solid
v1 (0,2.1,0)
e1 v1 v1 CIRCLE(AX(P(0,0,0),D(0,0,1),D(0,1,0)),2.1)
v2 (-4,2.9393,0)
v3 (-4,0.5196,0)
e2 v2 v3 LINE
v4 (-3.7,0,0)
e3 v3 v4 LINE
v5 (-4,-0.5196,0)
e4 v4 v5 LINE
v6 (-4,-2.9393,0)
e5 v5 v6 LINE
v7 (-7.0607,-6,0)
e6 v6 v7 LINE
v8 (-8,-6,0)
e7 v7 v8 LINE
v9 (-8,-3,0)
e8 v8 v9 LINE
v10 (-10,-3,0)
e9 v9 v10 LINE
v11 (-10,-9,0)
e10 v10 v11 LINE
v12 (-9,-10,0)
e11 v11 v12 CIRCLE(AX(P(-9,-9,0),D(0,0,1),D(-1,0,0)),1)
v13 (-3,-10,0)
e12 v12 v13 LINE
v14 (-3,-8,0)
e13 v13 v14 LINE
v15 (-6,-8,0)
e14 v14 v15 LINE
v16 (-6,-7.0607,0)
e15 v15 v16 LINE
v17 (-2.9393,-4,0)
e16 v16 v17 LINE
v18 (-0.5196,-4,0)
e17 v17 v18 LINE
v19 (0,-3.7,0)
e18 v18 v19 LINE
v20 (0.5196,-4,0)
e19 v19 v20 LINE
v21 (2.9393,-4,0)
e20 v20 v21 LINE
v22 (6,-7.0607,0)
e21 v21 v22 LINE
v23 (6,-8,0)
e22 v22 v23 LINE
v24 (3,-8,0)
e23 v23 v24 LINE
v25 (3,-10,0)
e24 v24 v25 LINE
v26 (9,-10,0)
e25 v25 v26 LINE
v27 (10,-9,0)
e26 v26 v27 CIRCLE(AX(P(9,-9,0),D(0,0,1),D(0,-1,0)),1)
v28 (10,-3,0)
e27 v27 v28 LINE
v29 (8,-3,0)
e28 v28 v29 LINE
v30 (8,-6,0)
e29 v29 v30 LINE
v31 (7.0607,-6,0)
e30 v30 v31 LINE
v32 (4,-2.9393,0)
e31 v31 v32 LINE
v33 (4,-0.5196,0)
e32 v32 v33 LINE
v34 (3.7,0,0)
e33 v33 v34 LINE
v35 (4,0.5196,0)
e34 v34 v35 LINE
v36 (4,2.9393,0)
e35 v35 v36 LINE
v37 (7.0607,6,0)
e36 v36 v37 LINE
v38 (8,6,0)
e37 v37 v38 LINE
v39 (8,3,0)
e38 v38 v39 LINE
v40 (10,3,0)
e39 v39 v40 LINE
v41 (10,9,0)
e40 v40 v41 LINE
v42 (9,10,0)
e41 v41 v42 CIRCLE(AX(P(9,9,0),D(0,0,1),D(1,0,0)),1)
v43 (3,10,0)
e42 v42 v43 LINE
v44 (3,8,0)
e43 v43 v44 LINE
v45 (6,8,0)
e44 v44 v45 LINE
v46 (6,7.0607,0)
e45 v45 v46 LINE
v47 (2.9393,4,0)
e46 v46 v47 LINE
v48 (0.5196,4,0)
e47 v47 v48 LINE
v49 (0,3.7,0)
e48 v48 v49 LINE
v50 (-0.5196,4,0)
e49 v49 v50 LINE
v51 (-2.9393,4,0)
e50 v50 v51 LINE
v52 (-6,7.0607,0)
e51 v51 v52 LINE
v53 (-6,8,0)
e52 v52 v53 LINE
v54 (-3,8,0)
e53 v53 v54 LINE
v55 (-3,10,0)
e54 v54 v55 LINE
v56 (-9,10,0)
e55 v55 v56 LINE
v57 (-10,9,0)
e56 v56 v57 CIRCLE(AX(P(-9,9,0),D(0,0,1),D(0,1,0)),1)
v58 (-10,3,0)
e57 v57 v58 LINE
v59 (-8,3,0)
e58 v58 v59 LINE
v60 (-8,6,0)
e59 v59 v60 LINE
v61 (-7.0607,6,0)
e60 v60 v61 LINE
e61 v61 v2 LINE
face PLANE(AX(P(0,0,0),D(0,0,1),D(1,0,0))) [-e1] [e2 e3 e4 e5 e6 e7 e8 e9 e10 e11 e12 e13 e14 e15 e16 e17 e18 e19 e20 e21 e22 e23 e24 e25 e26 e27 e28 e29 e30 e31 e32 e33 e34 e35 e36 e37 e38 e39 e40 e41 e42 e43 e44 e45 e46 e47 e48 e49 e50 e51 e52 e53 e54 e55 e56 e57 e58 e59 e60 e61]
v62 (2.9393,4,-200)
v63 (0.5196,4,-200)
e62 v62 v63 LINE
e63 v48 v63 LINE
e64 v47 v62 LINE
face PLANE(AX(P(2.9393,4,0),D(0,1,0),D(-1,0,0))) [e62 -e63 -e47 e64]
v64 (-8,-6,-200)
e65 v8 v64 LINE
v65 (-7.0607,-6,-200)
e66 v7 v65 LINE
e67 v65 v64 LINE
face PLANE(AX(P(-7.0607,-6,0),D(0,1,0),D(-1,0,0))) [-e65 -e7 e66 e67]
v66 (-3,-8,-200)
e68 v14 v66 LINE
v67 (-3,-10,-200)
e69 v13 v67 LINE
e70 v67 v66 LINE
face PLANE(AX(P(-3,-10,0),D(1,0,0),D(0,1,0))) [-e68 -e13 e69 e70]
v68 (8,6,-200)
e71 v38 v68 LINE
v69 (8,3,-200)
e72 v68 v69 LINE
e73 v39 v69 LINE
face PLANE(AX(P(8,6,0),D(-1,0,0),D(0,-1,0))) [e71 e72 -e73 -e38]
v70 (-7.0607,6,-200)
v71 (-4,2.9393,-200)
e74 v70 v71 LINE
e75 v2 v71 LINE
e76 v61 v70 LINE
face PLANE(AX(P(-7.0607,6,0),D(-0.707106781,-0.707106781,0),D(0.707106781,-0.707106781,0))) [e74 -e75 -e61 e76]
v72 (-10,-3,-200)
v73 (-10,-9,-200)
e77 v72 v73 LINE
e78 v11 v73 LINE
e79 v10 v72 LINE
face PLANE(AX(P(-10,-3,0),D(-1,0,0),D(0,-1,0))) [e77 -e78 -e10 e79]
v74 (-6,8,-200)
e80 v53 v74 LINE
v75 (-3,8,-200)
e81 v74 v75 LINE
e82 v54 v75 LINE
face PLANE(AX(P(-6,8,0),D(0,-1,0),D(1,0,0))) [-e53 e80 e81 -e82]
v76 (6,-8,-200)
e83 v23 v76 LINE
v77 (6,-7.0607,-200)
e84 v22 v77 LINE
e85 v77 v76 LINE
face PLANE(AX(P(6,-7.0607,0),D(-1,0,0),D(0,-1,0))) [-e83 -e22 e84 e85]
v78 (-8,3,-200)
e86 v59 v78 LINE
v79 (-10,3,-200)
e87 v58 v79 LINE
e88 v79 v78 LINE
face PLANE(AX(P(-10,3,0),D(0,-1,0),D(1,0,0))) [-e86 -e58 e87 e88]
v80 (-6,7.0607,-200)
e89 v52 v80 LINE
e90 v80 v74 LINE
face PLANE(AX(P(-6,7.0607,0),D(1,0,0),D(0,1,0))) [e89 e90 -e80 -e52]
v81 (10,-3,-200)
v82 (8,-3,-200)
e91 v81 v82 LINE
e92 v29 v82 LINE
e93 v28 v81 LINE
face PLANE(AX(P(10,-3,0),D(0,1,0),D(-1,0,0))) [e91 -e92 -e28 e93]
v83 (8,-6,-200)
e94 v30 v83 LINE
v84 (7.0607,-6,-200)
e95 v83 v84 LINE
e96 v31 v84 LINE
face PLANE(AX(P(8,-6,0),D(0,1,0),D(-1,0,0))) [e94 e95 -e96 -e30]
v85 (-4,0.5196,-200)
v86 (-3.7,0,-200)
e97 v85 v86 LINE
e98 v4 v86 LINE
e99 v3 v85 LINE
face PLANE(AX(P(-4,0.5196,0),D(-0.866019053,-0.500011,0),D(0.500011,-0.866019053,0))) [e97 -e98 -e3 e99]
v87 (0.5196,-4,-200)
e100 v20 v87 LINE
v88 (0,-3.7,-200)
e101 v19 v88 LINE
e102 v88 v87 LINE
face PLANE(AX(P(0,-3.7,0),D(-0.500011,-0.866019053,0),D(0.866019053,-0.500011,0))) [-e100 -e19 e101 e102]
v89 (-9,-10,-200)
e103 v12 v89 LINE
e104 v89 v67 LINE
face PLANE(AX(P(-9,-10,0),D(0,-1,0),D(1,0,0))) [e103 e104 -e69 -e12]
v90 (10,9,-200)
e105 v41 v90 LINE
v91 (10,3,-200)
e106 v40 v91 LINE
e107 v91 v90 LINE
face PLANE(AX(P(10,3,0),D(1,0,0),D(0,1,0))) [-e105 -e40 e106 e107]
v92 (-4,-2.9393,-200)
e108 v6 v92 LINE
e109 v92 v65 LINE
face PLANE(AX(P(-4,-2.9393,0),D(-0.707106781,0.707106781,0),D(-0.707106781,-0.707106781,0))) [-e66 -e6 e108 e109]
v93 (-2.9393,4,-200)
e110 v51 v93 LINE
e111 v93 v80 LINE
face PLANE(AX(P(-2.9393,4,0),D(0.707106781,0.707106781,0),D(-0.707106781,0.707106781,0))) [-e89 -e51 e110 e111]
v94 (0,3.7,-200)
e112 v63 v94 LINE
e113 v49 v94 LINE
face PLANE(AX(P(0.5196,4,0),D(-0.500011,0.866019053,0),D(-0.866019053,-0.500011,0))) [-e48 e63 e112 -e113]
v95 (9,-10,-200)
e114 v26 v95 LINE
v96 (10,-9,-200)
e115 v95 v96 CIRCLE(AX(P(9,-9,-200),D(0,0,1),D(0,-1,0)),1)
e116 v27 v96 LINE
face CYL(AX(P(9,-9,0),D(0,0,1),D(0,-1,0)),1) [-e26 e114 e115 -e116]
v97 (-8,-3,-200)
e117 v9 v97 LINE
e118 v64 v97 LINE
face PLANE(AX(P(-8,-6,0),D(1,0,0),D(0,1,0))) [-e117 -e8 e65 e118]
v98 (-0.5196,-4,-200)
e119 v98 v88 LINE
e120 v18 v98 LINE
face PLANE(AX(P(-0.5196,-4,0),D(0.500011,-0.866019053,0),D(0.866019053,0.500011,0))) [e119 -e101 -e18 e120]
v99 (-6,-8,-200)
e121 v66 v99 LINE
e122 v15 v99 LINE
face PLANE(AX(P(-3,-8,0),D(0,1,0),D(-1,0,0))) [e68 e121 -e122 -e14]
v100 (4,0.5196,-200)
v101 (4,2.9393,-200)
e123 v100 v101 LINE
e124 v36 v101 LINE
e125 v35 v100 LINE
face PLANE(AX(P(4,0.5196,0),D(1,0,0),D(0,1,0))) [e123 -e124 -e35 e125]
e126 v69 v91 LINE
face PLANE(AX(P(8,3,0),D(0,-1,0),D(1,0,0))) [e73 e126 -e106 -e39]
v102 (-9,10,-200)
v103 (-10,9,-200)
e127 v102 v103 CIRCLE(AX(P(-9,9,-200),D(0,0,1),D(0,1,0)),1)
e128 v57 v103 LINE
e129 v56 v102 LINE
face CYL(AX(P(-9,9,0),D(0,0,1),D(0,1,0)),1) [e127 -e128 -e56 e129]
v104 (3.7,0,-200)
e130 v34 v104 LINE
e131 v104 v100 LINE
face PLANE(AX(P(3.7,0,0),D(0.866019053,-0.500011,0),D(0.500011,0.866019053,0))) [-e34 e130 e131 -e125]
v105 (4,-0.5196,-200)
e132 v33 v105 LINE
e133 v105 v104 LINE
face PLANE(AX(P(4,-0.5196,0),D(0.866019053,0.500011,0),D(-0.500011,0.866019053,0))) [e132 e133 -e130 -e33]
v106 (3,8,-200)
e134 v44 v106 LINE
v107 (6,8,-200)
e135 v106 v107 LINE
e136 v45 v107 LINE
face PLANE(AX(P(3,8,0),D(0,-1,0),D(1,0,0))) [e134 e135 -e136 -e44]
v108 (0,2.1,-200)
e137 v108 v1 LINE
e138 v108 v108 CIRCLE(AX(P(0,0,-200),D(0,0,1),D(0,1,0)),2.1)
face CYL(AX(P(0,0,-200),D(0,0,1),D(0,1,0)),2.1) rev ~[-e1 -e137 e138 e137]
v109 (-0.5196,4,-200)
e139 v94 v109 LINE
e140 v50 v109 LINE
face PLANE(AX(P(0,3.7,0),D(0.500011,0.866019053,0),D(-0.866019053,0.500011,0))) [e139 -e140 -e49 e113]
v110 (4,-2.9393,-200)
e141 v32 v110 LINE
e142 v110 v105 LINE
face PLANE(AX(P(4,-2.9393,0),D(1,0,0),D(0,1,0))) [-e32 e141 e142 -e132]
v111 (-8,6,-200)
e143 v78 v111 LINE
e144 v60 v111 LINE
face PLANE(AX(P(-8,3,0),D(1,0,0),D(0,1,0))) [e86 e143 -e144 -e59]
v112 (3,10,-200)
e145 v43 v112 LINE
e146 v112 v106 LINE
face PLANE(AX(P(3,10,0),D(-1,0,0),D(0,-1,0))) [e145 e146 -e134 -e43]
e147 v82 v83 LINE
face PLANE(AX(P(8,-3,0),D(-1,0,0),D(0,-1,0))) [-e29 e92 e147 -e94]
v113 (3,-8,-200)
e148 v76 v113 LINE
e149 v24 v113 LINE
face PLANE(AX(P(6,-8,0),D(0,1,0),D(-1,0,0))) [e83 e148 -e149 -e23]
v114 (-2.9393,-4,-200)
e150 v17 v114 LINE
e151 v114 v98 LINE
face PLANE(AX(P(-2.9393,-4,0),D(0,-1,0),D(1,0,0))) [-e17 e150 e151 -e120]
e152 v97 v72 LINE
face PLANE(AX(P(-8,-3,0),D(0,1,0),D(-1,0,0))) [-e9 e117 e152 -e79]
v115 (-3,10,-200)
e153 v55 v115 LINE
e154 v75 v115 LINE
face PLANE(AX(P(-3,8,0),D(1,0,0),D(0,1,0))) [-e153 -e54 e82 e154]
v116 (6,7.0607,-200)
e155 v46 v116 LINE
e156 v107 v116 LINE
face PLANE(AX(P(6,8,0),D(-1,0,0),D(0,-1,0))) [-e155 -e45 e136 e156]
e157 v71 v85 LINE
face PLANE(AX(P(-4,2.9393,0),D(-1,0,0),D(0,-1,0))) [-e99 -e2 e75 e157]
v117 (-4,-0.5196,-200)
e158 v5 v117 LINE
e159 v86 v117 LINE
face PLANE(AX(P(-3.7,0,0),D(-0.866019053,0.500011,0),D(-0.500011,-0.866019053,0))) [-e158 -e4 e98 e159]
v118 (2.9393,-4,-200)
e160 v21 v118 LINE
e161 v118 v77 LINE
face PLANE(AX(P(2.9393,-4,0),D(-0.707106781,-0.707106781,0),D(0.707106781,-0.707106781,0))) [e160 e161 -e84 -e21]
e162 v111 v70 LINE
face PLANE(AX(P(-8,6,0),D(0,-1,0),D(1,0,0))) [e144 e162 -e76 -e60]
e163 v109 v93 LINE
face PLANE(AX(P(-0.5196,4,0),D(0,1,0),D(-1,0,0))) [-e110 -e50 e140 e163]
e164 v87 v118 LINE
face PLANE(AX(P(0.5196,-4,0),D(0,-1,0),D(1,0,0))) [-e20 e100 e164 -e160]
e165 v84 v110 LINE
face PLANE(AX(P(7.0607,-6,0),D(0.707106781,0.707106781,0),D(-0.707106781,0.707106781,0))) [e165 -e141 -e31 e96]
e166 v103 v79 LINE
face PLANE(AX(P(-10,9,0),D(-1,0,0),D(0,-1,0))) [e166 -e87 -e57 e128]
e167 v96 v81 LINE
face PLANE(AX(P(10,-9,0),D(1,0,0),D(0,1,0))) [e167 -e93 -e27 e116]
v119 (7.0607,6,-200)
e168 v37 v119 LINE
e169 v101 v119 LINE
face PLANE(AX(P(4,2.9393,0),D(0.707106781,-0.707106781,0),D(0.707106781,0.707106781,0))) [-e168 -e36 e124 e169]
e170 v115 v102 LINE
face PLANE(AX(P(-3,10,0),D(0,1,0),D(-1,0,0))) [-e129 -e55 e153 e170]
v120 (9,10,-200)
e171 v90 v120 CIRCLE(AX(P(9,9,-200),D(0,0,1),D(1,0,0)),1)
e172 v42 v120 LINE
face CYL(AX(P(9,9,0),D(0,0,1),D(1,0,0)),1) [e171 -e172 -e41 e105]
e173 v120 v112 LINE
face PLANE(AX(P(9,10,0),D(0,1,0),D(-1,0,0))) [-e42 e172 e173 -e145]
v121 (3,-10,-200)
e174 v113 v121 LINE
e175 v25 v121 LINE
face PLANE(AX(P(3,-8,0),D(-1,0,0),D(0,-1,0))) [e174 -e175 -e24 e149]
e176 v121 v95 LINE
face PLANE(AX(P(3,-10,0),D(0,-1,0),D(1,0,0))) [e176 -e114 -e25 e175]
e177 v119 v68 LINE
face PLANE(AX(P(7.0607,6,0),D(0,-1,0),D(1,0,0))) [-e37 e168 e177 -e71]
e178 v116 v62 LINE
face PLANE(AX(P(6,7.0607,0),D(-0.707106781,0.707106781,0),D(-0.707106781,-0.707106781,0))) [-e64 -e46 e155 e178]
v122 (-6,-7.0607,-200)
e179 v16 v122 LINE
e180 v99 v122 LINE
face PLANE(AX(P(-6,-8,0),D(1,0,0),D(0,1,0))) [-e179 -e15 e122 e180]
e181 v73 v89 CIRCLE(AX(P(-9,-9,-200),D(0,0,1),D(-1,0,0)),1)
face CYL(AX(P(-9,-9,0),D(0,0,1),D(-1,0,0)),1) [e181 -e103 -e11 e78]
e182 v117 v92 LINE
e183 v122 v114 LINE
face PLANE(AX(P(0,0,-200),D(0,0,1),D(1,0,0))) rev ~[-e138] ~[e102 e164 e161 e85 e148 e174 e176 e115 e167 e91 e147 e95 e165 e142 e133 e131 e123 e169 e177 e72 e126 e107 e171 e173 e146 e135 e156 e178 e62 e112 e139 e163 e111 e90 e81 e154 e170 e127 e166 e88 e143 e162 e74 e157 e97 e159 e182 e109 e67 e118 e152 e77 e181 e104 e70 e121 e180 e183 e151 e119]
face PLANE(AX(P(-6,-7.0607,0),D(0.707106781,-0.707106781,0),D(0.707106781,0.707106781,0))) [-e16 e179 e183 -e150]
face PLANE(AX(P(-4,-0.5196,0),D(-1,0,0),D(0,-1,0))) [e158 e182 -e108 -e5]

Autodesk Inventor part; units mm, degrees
sketch "Sketch_1" plane through (0, 0, 0) normal (0, 0, 1) x (1, 0, 0)
  line L0 (-10, -3) -> (-10, -9)
  arc A0 (-10, -9) -> (-9, -10) centre (-9, -9) ccw
  line L1 (-9, -10) -> (-3, -10)
  line L2 (-3, -10) -> (-3, -8)
  line L3 (-3, -8) -> (-6, -8)
  line L4 (-6, -8) -> (-6, -7.0607)
  line L5 (-6, -7.0607) -> (-2.9393, -4)
  line L6 (-2.9393, -4) -> (-0.5196, -4)
  line L7 (-0.5196, -4) -> (0, -3.7)
  line L8 (0, -3.7) -> (0.5196, -4)
  line L9 (0.5196, -4) -> (2.9393, -4)
  line L10 (2.9393, -4) -> (6, -7.0607)
  line L11 (6, -7.0607) -> (6, -8)
  line L12 (6, -8) -> (3, -8)
  line L13 (3, -8) -> (3, -10)
  line L14 (3, -10) -> (9, -10)
  arc A1 (9, -10) -> (10, -9) centre (9, -9) ccw
  line L15 (10, -9) -> (10, -3)
  line L16 (10, -3) -> (8, -3)
  line L17 (8, -3) -> (8, -6)
  line L18 (8, -6) -> (7.0607, -6)
  line L19 (7.0607, -6) -> (4, -2.9393)
  line L20 (4, -2.9393) -> (4, -0.5196)
  line L21 (4, -0.5196) -> (3.7, 0)
  line L22 (3.7, 0) -> (4, 0.5196)
  line L23 (4, 0.5196) -> (4, 2.9393)
  line L24 (4, 2.9393) -> (7.0607, 6)
  line L25 (7.0607, 6) -> (8, 6)
  line L26 (8, 6) -> (8, 3)
  line L27 (8, 3) -> (10, 3)
  line L28 (10, 3) -> (10, 9)
  arc A2 (10, 9) -> (9, 10) centre (9, 9) ccw
  line L29 (9, 10) -> (3, 10)
  line L30 (3, 10) -> (3, 8)
  line L31 (3, 8) -> (6, 8)
  line L32 (6, 8) -> (6, 7.0607)
  line L33 (6, 7.0607) -> (2.9393, 4)
  line L34 (2.9393, 4) -> (0.5196, 4)
  line L35 (0.5196, 4) -> (0, 3.7)
  line L36 (0, 3.7) -> (-0.5196, 4)
  line L37 (-0.5196, 4) -> (-2.9393, 4)
  line L38 (-2.9393, 4) -> (-6, 7.0607)
  line L39 (-6, 7.0607) -> (-6, 8)
  line L40 (-6, 8) -> (-3, 8)
  line L41 (-3, 8) -> (-3, 10)
  line L42 (-3, 10) -> (-9, 10)
  arc A3 (-9, 10) -> (-10, 9) centre (-9, 9) ccw
  line L43 (-10, 9) -> (-10, 3)
  line L44 (-10, 3) -> (-8, 3)
  line L45 (-8, 3) -> (-8, 6)
  line L46 (-8, 6) -> (-7.0607, 6)
  line L47 (-7.0607, 6) -> (-4, 2.9393)
  line L48 (-4, 2.9393) -> (-4, 0.5196)
  line L49 (-4, 0.5196) -> (-3.7, 0)
  line L50 (-3.7, 0) -> (-4, -0.5196)
  line L51 (-4, -0.5196) -> (-4, -2.9393)
  line L52 (-4, -2.9393) -> (-7.0607, -6)
  line L53 (-7.0607, -6) -> (-8, -6)
  line L54 (-8, -6) -> (-8, -3)
  line L55 (-8, -3) -> (-10, -3)
extrude "Extrusion1" add sketch "Sketch_1" against normal blind 200
sketch "Sketch2" plane through (0, 0, -200) normal (0, 0, -1) x (-1, 0, 0)
  point P0 (0, 0)
hole "Hole1" at (0, 0, -200) direction (0, 0, 1) diameter 4.2 depth 200
ref_plane "C1_XY" through (0, 0, 0) normal (0, 0, 1) x (1, 0, 0)
ref_plane "C1_YZ" through (0, 0, 0) normal (1, 0, 0) x (0, 1, 0)
ref_plane "C1_ZX" through (0, 0, 0) normal (0, 1, 0) x (0, 0, 1)
properties part number "HFS5-2020-200"
